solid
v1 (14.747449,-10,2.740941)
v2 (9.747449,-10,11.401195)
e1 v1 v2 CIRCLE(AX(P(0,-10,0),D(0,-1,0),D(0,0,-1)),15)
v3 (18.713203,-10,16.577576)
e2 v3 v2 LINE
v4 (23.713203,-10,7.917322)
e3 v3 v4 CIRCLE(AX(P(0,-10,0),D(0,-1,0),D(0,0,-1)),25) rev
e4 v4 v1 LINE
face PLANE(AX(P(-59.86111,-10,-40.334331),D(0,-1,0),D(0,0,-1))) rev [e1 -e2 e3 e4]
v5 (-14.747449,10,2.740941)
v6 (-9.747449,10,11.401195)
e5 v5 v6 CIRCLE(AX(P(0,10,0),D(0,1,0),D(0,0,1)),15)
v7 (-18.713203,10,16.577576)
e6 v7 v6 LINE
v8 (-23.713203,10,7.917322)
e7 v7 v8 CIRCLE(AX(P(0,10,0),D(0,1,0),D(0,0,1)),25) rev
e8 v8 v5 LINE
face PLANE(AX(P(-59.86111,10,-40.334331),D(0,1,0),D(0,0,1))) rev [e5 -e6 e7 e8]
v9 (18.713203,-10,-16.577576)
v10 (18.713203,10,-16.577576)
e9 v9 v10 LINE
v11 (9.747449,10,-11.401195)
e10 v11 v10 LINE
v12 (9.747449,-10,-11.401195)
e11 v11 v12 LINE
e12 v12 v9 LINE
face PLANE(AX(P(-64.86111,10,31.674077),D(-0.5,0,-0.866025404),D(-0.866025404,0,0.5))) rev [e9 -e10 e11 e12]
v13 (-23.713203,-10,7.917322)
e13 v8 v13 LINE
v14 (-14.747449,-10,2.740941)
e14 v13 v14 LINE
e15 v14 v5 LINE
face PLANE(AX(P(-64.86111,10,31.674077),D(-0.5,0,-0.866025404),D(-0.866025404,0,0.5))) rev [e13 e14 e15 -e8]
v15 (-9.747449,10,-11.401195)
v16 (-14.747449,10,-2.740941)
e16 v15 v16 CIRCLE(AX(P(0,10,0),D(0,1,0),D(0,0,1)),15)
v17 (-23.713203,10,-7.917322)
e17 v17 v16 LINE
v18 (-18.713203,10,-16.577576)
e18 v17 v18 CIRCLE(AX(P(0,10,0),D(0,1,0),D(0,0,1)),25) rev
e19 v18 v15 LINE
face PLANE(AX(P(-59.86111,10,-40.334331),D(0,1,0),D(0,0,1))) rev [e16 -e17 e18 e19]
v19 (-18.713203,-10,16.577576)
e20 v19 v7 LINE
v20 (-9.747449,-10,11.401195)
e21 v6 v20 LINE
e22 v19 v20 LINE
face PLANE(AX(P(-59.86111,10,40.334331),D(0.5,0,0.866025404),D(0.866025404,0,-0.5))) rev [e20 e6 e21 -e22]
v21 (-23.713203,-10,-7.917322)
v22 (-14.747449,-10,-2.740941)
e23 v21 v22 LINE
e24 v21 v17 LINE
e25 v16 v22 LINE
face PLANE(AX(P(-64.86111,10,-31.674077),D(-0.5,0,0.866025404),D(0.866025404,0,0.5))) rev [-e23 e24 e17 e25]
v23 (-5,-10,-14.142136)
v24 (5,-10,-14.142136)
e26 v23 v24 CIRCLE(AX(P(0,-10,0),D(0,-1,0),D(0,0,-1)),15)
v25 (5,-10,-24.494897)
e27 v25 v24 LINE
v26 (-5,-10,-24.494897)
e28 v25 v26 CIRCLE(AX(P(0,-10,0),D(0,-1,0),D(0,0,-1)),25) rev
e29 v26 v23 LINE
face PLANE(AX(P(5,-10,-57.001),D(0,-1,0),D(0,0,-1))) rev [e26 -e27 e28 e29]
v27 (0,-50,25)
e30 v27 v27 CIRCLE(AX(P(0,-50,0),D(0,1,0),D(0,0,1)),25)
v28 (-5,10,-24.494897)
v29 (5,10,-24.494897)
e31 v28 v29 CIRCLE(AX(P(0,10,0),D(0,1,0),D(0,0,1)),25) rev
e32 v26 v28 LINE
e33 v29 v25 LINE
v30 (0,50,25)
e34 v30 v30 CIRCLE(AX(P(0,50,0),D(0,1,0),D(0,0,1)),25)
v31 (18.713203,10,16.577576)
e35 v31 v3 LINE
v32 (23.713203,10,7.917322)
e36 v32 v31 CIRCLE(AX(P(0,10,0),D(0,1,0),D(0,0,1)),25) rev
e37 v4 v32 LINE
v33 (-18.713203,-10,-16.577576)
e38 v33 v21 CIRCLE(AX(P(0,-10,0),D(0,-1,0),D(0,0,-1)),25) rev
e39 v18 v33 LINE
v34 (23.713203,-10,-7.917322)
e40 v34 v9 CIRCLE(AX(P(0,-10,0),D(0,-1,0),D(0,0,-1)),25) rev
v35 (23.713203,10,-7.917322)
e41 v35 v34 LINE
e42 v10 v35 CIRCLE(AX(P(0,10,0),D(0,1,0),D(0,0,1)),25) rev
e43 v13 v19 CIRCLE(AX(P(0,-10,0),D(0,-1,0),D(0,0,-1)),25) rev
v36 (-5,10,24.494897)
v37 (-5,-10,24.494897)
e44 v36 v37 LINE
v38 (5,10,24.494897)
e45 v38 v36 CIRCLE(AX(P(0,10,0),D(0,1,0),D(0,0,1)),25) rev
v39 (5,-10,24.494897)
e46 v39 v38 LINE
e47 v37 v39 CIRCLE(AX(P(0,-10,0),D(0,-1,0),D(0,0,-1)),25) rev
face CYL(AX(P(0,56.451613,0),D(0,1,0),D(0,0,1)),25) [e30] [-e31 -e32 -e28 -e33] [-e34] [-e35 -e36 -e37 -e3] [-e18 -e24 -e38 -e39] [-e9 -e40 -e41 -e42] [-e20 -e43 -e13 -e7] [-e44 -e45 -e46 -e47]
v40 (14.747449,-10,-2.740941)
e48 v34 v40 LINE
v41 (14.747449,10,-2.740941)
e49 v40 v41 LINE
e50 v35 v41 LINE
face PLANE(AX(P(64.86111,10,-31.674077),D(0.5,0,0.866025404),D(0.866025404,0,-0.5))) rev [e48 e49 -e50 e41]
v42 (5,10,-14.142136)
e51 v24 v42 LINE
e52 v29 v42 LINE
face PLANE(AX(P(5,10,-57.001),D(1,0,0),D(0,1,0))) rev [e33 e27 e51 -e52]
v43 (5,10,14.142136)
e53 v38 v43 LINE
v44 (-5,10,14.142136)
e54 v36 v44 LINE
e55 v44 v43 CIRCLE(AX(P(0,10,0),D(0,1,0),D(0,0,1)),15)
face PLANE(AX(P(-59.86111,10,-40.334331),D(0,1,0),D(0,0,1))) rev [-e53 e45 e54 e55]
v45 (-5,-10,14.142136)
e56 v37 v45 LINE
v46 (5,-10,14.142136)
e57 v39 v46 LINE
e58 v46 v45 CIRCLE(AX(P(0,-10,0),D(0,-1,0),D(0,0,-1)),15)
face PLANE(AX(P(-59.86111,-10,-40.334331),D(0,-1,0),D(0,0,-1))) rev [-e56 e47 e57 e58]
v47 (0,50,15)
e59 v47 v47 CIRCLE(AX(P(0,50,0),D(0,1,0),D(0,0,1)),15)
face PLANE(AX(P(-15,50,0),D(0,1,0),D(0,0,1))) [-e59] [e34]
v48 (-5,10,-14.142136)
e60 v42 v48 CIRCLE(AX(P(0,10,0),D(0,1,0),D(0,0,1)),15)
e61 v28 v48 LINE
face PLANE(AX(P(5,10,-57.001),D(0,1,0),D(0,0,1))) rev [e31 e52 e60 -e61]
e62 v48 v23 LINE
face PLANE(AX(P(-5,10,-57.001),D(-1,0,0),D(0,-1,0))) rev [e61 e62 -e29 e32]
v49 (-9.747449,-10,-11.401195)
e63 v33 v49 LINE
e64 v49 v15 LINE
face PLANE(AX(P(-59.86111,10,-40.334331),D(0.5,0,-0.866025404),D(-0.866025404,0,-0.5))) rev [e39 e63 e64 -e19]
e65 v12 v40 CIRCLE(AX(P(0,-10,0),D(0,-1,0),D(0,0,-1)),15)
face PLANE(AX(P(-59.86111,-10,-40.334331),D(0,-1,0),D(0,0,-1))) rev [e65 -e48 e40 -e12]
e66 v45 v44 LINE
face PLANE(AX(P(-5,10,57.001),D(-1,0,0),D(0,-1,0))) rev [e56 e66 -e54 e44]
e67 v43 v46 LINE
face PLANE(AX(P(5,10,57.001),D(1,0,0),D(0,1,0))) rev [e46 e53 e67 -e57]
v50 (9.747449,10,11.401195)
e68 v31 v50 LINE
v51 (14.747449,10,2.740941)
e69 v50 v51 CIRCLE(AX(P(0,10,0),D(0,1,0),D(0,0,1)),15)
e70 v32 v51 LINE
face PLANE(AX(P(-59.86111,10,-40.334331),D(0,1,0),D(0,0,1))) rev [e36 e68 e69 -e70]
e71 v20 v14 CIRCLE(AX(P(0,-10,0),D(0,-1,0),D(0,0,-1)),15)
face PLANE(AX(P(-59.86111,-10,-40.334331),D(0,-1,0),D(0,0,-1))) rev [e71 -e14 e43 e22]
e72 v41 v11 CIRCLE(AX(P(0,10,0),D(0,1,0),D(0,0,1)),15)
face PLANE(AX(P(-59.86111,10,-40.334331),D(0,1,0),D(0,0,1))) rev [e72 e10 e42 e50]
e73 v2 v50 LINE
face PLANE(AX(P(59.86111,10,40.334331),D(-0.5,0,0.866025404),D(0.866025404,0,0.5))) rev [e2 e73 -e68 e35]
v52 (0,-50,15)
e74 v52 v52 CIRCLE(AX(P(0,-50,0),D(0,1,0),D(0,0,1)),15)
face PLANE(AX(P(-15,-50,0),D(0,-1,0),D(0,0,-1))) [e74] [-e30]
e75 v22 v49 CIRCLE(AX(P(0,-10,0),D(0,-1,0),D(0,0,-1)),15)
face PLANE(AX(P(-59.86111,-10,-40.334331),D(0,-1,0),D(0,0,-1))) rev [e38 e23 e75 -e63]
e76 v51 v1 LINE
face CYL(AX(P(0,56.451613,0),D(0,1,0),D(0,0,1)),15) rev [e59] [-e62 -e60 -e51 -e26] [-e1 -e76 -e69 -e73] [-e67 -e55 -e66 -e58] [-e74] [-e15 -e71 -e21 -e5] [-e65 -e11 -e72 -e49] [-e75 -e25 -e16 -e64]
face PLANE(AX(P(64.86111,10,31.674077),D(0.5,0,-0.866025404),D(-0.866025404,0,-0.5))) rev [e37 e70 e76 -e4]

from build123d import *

# Parameters (mm, degrees)
SKETCH1_W               = 10
SKETCH1_H               = 100
CUT_EXTRUDE1_REACH      = 63.237
CUT_EXTRUDE1_END_RADIUS = 25
SKETCH2_W               = 10
SKETCH2_H               = 20
CIRPATTERN1_COUNT       = 6


with BuildPart() as part:
    # Sketch1 → Revolve1 (revolve)
    with BuildSketch(Plane.XY, mode=Mode.PRIVATE) as revolve1_sk:
        with Locations((-20, 0)):
            Rectangle(SKETCH1_W, SKETCH1_H)
    revolve(revolve1_sk.sketch.rotate(Axis((0, 56.451612903, 0), (0, -1, 0)), 270), axis=Axis((0, 56.451612903, 0), (0, -1, 0)))

    # Cut-Extrude1: up to this cylinder (the profile starts inside it)
    cut_extrude1_end = Plane(origin=(0, 0, 0), z_dir=(0, 1, 0)) * Cylinder(CUT_EXTRUDE1_END_RADIUS, 177.474, mode=Mode.PRIVATE)
    # Sketch2 → Cut-Extrude1 (cut, up to the surface)
    with BuildSketch(Plane.XY, mode=Mode.PRIVATE) as cut_extrude1_sk1:
        Rectangle(SKETCH2_W, SKETCH2_H)
    cut_extrude1_tool1 = extrude(cut_extrude1_sk1.sketch, amount=-CUT_EXTRUDE1_REACH, mode=Mode.PRIVATE) & cut_extrude1_end
    cut_extrude1 = cut_extrude1_tool1.solids().sort_by_distance((0, 0, 0))[0]
    add(cut_extrude1, mode=Mode.SUBTRACT)

    # CirPattern1: Cut-Extrude1 ×6 about axis
    cirpattern1_axis = Axis((0, 0, 0), (0, 1, 0))
    for i in range(1, CIRPATTERN1_COUNT):
        add(cut_extrude1.rotate(cirpattern1_axis, i * 360 / CIRPATTERN1_COUNT), mode=Mode.SUBTRACT)


solid = part.part
